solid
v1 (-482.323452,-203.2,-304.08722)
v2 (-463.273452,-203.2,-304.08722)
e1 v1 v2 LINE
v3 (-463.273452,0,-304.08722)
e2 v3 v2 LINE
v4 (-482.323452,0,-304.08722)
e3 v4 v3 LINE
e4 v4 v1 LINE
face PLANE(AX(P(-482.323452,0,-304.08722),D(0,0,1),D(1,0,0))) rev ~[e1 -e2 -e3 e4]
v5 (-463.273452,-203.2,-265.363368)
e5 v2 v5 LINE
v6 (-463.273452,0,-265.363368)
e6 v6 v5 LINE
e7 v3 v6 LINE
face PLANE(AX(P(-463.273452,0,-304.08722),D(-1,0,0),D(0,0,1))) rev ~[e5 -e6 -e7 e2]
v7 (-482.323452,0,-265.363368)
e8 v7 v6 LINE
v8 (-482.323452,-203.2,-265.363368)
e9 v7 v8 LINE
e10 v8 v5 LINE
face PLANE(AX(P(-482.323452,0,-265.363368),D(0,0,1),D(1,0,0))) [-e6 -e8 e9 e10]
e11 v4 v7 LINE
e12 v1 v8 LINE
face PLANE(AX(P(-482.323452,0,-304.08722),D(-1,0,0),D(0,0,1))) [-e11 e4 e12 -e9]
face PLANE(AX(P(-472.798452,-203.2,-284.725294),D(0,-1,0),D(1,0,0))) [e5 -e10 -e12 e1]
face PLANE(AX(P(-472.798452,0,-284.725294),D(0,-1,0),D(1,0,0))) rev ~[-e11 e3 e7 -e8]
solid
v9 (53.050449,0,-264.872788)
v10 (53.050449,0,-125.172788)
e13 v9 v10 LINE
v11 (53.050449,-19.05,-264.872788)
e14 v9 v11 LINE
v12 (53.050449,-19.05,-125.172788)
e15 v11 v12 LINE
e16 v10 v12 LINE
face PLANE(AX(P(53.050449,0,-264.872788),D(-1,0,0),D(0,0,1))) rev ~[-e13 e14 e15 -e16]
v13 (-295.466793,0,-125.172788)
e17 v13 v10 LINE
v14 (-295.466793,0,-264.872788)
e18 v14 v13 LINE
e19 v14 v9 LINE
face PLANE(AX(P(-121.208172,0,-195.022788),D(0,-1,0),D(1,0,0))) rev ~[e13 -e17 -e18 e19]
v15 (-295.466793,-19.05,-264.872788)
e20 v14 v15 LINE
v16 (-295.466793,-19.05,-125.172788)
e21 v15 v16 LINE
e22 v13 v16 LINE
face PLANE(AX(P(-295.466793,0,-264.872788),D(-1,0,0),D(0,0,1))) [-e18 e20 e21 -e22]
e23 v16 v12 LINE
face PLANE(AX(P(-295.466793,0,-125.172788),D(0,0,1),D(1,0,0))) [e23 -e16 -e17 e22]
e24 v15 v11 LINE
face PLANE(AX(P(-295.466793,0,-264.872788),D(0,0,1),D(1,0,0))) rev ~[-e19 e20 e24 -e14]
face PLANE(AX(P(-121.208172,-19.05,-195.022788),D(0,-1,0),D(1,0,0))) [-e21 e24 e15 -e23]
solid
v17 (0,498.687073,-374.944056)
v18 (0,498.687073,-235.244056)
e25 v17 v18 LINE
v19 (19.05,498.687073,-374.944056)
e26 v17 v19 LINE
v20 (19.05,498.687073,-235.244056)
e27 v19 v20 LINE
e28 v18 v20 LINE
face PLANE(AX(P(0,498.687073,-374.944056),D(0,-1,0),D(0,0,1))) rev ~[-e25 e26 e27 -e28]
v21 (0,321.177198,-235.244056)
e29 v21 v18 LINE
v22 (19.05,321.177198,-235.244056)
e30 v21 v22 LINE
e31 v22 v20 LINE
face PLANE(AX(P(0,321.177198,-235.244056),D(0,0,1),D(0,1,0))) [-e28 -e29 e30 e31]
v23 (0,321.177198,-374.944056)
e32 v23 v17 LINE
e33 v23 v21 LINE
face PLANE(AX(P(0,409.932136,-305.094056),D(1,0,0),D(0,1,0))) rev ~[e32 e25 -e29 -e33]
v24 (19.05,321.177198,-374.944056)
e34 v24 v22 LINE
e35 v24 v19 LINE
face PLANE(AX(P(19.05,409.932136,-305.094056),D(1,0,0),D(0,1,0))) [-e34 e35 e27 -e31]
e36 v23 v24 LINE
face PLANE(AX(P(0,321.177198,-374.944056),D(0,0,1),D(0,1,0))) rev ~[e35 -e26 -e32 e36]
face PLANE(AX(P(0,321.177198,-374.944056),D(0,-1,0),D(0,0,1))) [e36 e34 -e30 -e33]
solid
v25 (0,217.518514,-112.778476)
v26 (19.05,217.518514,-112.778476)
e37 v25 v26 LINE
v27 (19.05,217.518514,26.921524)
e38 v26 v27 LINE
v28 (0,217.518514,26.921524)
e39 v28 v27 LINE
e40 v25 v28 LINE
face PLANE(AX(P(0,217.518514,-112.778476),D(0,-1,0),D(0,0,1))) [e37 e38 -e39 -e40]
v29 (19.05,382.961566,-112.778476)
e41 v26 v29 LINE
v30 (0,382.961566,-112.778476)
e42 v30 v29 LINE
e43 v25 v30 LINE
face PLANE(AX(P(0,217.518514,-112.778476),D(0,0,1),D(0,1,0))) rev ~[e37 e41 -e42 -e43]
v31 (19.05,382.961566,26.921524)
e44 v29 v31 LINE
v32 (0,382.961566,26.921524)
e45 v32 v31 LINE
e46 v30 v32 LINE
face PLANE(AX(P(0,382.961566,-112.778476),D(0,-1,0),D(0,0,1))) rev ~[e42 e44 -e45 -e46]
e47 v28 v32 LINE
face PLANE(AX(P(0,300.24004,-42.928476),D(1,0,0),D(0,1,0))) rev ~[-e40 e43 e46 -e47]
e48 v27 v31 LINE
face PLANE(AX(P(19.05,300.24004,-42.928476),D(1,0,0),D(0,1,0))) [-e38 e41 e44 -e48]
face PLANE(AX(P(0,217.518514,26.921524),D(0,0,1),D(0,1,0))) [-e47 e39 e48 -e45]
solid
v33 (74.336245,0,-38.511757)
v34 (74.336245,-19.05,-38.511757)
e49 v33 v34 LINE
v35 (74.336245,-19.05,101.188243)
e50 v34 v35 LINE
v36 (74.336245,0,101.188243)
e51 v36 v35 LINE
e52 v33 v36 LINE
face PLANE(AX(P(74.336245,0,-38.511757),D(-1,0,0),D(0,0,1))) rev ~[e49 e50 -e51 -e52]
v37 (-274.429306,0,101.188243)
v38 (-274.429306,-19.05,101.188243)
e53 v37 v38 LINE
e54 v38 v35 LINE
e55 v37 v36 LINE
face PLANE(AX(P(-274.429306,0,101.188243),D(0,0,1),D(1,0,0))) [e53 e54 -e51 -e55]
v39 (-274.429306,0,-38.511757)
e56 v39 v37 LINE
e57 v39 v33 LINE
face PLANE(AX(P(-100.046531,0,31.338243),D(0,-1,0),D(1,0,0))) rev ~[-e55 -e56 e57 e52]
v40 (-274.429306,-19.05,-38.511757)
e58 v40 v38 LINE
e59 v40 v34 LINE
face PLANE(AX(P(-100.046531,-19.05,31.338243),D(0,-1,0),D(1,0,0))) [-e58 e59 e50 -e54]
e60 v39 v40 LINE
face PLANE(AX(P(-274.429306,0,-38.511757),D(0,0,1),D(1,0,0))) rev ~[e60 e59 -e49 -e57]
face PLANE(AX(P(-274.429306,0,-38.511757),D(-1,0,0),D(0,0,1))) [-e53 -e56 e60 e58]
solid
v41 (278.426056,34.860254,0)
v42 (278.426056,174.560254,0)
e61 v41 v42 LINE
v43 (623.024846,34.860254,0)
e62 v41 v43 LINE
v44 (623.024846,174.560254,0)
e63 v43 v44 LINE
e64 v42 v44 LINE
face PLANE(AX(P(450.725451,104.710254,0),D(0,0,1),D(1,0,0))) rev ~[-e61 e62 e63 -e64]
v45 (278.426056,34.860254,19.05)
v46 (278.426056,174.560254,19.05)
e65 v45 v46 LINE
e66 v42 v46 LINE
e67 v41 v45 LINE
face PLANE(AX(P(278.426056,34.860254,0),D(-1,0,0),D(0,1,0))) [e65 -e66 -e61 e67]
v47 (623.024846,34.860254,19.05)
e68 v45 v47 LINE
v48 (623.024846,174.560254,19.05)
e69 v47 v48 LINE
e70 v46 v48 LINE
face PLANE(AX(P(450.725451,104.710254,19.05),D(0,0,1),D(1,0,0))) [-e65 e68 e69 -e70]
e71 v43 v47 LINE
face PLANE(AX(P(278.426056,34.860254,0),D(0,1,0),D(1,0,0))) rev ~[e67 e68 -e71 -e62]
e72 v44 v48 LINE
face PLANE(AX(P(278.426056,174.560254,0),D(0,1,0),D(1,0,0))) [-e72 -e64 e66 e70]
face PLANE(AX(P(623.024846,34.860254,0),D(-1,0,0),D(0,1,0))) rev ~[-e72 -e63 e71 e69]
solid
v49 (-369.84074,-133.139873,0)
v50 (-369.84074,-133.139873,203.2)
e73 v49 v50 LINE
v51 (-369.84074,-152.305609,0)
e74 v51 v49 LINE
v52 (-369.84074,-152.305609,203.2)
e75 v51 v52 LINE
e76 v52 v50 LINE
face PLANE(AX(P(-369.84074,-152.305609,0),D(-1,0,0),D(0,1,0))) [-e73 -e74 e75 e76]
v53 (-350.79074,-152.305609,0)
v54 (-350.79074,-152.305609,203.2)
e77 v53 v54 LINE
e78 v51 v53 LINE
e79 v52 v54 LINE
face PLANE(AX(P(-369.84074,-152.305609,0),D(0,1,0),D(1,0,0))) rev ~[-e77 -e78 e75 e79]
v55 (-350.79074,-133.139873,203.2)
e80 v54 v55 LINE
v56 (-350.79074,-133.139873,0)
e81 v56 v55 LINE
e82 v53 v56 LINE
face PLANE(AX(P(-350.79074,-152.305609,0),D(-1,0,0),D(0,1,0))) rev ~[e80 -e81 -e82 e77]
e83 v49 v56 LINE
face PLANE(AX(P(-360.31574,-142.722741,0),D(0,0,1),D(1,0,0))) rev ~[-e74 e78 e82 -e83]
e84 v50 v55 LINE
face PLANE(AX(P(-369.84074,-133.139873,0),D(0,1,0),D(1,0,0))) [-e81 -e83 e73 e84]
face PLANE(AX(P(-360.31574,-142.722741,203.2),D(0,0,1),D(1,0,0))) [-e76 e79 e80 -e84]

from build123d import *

# Parameters (mm, degrees)
F0_W      = 348.765551
F0_H      = 139.7
F1_DEPTH  = 19.05
F2_W      = 348.517242
F2_H      = 139.7
F3_DEPTH  = 19.05
F4_W      = 165.443052
F4_H      = 139.7
F5_DEPTH  = 19.05
F6_W      = 177.509875
F6_H      = 139.7
F7_DEPTH  = 19.05
F8_W      = 19.05
F8_H      = 19.165736
F9_DEPTH  = 203.2
F10_W     = 19.05
F10_H     = 38.723851
F11_DEPTH = 203.2
F12_W     = 344.59879
F12_H     = 139.7
F13_DEPTH = 19.05


with BuildPart() as f1:
    # F0 (on Front) → F1 (new body)
    with BuildSketch(Plane.XZ):
        with Locations((-100.046531, 31.338243)):
            Rectangle(F0_W, F0_H)
    extrude(amount=F1_DEPTH)


with BuildPart() as f3:
    # F2 (on Front) → F3 (new body)
    with BuildSketch(Plane.XZ):
        with Locations((-121.208172, -195.022788)):
            Rectangle(F2_W, F2_H)
    extrude(amount=F3_DEPTH)


with BuildPart() as f5:
    # F4 (on Right) → F5 (new body)
    with BuildSketch(Plane.YZ):
        with Locations((300.24004, -42.928476)):
            Rectangle(F4_W, F4_H)
    extrude(amount=F5_DEPTH)


with BuildPart() as f7:
    # F6 (on Right) → F7 (new body)
    with BuildSketch(Plane.YZ):
        with Locations((409.932136, -305.094056)):
            Rectangle(F6_W, F6_H)
    extrude(amount=F7_DEPTH)


with BuildPart() as f9:
    # F8 (on Top) → F9 (new body)
    with BuildSketch(Plane.XY):
        with Locations((-360.31574, -142.722741)):
            Rectangle(F8_W, F8_H)
    extrude(amount=F9_DEPTH)


with BuildPart() as f11:
    # F10 (on Front) → F11 (new body)
    with BuildSketch(Plane.XZ):
        with Locations((-472.798452, -284.725294)):
            Rectangle(F10_W, F10_H)
    extrude(amount=F11_DEPTH)


with BuildPart() as f13:
    # F12 (on Top) → F13 (new body)
    with BuildSketch(Plane.XY):
        with Locations((450.725451, 104.710254)):
            Rectangle(F12_W, F12_H)
    extrude(amount=F13_DEPTH)


solid = Compound([f1.part, f3.part, f5.part, f7.part, f9.part, f11.part, f13.part])
